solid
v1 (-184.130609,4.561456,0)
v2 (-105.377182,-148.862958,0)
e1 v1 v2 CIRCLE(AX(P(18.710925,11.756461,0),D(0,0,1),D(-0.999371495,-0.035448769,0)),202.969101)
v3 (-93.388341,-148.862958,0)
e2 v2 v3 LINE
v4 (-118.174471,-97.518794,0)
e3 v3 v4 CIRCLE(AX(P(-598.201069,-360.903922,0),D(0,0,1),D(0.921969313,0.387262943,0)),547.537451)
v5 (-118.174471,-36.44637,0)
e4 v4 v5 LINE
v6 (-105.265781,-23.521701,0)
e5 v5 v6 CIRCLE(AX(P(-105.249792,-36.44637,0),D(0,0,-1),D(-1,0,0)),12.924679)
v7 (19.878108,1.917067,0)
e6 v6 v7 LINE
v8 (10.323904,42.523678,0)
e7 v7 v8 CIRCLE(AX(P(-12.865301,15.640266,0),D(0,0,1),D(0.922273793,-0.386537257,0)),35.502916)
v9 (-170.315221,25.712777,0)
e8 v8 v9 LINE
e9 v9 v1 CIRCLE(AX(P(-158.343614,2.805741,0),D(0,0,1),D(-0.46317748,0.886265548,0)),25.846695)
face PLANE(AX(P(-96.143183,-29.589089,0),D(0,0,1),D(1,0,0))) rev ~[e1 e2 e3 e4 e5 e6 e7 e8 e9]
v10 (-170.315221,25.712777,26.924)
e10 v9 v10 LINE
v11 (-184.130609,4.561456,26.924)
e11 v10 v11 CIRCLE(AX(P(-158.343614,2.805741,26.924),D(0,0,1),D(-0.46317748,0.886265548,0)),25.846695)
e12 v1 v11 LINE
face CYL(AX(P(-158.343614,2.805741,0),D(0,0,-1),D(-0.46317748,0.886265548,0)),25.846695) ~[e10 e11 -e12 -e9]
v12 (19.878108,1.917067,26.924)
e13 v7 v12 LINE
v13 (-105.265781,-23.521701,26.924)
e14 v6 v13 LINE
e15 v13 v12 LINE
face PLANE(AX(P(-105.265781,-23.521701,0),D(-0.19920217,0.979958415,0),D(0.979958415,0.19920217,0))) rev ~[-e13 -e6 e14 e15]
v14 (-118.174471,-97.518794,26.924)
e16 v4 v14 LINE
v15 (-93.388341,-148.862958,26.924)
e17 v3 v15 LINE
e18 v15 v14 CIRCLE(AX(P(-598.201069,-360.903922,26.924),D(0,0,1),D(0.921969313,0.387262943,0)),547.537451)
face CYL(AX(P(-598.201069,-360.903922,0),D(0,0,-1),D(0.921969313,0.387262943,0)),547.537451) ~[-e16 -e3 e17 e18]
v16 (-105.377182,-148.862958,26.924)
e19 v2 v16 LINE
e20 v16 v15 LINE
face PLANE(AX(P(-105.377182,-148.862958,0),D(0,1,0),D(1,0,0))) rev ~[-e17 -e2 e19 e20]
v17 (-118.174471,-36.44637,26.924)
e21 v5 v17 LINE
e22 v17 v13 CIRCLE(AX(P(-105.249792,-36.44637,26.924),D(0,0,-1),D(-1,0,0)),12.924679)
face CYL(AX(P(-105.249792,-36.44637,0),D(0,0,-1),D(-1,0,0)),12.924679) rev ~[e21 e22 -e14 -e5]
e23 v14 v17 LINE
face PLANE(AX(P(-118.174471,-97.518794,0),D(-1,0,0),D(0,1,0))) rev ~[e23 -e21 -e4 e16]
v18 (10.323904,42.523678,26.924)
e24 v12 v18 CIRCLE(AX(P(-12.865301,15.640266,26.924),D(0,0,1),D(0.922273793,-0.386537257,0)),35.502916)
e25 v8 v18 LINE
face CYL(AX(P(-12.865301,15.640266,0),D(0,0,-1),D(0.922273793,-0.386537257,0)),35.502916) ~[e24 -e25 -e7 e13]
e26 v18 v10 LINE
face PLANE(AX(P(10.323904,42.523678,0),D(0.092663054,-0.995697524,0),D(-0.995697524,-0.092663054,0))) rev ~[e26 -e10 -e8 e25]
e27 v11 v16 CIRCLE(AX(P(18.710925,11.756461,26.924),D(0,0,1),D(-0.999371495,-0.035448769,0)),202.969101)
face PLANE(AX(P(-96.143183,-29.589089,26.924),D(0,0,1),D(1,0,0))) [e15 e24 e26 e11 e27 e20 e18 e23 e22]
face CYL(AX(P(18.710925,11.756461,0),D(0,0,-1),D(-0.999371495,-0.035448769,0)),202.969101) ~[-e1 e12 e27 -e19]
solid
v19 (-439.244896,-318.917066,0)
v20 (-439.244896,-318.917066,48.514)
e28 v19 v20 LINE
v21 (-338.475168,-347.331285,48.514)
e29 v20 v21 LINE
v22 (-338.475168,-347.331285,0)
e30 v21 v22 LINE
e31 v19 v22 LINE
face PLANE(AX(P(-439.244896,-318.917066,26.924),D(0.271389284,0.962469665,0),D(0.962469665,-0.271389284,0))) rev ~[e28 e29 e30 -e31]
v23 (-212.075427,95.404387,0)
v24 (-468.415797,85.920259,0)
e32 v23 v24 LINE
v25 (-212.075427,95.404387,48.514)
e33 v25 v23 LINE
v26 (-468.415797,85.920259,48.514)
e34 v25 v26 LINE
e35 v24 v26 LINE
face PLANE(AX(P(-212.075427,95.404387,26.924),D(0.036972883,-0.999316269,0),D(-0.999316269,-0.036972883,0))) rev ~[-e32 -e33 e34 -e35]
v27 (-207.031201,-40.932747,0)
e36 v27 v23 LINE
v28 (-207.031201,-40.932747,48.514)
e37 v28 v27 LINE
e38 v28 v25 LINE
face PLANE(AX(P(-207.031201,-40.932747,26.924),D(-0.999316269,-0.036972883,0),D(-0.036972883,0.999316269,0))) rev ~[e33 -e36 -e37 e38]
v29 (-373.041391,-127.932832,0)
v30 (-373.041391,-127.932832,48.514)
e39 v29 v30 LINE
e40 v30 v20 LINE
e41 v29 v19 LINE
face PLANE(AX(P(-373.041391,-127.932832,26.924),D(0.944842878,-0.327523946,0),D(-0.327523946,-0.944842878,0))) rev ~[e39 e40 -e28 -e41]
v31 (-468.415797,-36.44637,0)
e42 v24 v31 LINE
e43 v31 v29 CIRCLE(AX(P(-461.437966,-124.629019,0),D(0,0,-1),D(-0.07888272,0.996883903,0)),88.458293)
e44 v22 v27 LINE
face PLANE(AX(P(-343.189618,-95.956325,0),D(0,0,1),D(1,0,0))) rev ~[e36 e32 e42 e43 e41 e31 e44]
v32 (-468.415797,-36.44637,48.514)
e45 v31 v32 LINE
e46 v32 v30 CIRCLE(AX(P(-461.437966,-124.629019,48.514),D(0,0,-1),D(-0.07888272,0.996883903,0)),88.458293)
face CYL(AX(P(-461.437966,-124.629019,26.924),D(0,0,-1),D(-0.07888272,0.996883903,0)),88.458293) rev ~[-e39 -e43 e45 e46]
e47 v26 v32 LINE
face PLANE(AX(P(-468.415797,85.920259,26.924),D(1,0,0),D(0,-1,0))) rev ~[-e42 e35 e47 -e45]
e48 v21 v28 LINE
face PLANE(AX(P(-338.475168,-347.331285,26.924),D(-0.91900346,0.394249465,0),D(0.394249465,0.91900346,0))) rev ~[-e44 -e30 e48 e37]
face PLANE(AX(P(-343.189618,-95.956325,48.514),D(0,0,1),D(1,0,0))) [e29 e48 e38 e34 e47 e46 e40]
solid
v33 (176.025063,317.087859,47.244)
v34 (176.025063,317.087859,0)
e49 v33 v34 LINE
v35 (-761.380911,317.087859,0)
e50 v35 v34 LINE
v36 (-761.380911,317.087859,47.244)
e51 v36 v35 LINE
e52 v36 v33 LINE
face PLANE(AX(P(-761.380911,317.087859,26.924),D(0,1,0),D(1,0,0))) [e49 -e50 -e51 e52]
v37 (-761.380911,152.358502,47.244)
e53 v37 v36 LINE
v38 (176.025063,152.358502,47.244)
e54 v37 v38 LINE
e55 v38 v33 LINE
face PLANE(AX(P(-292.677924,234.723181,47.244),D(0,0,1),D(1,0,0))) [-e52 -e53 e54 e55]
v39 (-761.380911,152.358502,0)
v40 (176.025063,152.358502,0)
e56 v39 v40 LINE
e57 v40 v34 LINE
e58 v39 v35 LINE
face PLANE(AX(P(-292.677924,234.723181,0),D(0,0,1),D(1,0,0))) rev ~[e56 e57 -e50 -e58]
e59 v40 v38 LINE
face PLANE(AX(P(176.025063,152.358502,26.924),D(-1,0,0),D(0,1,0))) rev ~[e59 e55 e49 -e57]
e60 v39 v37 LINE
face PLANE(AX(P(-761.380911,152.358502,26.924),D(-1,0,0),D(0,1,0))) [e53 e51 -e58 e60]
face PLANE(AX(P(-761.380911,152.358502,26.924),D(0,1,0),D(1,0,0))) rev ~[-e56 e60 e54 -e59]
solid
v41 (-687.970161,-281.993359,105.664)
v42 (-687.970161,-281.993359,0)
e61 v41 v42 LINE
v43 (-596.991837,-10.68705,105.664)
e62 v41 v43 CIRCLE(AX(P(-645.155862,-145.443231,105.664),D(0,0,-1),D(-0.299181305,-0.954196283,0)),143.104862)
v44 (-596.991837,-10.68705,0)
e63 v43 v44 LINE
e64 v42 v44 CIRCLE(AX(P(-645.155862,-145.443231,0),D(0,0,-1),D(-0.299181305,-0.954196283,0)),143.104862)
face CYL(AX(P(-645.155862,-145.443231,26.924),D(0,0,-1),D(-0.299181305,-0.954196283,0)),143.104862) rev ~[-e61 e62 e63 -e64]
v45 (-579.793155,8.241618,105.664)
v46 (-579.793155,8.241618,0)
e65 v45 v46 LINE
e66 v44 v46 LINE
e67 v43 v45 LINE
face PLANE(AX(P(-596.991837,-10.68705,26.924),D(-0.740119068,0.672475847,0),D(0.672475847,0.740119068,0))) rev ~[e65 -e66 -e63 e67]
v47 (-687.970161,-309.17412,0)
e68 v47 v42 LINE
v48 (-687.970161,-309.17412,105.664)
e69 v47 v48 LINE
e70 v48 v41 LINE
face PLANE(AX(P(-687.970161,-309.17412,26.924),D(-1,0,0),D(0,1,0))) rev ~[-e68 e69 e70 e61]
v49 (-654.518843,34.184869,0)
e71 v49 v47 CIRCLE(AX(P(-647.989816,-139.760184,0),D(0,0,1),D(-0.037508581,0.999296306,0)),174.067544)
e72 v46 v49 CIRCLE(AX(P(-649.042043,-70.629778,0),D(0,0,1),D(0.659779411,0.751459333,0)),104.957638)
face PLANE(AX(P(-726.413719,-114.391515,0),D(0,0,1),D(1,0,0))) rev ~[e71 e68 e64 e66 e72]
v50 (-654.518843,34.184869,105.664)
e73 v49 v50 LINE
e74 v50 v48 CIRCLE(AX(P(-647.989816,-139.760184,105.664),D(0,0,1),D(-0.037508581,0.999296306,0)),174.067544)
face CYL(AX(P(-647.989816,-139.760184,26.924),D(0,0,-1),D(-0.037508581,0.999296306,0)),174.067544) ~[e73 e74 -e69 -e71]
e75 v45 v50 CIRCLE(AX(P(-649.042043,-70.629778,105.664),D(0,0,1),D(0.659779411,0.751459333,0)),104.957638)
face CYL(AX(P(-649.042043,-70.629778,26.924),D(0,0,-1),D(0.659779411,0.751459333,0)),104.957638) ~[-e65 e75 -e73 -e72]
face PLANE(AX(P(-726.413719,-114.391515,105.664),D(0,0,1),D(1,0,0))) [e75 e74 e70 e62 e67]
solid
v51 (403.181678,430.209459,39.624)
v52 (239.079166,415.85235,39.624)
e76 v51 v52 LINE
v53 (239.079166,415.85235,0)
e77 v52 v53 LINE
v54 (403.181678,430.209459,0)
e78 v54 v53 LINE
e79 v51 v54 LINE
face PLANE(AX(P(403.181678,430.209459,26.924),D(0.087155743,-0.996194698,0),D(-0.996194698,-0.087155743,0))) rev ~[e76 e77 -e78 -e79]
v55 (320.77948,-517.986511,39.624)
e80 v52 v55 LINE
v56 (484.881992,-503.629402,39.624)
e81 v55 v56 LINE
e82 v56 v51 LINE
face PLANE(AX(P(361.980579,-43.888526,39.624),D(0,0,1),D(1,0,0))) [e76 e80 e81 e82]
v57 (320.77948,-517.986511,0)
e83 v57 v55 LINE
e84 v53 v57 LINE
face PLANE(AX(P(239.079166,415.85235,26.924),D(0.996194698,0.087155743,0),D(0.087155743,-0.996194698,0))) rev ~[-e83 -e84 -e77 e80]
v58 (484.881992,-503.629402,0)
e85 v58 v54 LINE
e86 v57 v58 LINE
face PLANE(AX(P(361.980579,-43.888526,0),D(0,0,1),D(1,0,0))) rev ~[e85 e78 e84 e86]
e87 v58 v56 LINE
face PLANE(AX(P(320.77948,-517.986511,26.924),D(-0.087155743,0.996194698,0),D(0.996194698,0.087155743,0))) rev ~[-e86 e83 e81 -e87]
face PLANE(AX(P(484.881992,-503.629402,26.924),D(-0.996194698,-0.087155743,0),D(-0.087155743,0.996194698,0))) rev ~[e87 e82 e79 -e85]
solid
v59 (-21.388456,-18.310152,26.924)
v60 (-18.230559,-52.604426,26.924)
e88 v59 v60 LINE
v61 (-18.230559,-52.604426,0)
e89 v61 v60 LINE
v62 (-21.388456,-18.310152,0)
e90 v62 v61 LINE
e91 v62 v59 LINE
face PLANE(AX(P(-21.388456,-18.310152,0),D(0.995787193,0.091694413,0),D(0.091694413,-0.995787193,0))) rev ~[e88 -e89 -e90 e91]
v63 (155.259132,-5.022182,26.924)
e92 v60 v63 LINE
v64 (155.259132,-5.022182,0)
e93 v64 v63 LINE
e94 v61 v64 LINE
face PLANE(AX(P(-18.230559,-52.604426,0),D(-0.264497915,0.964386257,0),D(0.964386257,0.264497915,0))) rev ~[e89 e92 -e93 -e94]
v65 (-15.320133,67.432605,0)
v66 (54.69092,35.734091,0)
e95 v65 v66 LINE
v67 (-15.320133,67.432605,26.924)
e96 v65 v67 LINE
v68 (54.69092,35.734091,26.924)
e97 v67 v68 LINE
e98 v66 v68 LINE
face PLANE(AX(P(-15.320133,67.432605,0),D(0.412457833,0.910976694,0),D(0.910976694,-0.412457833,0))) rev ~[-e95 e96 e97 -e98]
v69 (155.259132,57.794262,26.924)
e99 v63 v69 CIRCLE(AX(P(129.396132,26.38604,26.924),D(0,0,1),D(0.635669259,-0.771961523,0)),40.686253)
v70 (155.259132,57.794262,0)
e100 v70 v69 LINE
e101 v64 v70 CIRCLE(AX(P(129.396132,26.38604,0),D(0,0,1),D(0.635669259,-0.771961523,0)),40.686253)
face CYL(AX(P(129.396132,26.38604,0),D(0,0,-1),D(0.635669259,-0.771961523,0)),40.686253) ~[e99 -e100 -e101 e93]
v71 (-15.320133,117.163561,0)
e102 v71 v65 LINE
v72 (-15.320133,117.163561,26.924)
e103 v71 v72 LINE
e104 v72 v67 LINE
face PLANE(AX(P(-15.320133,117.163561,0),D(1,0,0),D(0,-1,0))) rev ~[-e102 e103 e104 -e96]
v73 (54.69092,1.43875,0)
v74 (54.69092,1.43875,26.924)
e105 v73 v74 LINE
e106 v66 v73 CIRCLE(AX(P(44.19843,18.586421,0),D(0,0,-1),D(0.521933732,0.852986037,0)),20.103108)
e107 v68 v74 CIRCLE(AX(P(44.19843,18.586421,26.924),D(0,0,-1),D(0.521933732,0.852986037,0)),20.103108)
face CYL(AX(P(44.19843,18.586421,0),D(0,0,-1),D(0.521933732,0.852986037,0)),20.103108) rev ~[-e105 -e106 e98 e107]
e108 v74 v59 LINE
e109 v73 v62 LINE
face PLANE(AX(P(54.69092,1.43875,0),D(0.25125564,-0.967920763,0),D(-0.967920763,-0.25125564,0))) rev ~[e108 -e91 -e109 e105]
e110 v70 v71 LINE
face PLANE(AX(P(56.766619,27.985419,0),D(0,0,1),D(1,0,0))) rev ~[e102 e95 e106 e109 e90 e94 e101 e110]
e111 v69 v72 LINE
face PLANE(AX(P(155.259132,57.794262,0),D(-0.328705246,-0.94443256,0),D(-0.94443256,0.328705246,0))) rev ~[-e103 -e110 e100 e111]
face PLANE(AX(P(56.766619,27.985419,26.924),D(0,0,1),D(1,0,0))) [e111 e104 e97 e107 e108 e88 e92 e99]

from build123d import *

# Parameters (mm, degrees)
F1_DEPTH = 26.924
F0_W     = 937.4059736729
F0_H     = 164.7293567657
F2_DEPTH = 21.59
F3_DEPTH = 12.7
F4_DEPTH = 20.32
F5_DEPTH = 78.74


with BuildPart() as f1:
    # F0 (on Top) → F1 (new body)
    with BuildSketch(Plane.XY):
        with BuildLine():
            ThreePointArc((-170.315220952, 25.7127769291), (-179.9832211949, 16.9400629821), (-184.1306090355, 4.5614559203))
            ThreePointArc((-184.1306090355, 4.5614559203), (-161.8590345594, -80.9308940519), (-105.3771823645, -148.8629579544))
            Line((-105.3771823645, -148.8629579544), (-93.3883413672, -148.8629579544))
            ThreePointArc((-93.3883413672, -148.8629579544), (-105.1126589408, -122.8680418317), (-118.1744709611, -97.5187942386))
            Line((-118.1744709611, -97.5187942386), (-118.1744709611, -36.4463701844))
            ThreePointArc((-118.1744709611, -36.4463701844), (-114.3945714706, -27.3128967764), (-105.2657812834, -23.521700874))
            Line((-105.2657812834, -23.521700874), (19.8781080544, 1.9170666346))
            ThreePointArc((19.8781080544, 1.9170666346), (21.6939024895, 23.7715948588), (10.3239035234, 42.5236783922))
            Line((10.3239035234, 42.5236783922), (-170.315220952, 25.7127769291))
        make_face()
    extrude(amount=F1_DEPTH)


with BuildPart() as f1b:
    # F0 (on Top) → F1, piece 2 (new body)
    with BuildSketch(Plane.XY):
        with BuildLine():
            Line((54.6909198165, 1.4387500705), (-21.3884562254, -18.3101519942))
            Line((-21.3884562254, -18.3101519942), (-18.2305593044, -52.6044256985))
            Line((-18.2305593044, -52.6044256985), (155.2591323853, -5.0221821293))
            ThreePointArc((155.2591323853, -5.0221821293), (170.0823851438, 26.3860397972), (155.2591323853, 57.7942617238))
            Line((155.2591323853, 57.7942617238), (-15.3201334178, 117.1635612845))
            Line((-15.3201334178, 117.1635612845), (-15.3201334178, 67.4326047301))
            Line((-15.3201334178, 67.4326047301), (54.6909198165, 35.7340909541))
            ThreePointArc((54.6909198165, 35.7340909541), (64.3015376423, 18.5864205123), (54.6909198165, 1.4387500705))
        make_face()
    extrude(amount=F1_DEPTH)


with BuildPart() as f1c:
    # F0 (on Top) → F1, piece 3 (new body)
    with BuildSketch(Plane.XY):
        with BuildLine():
            Line((-212.0754271746, 95.4043865204), (-468.4157967567, 85.9202593565))
            Line((-468.4157967567, 85.9202593565), (-468.4157967567, -36.4463701844))
            ThreePointArc((-468.4157967567, -36.4463701844), (-400.203203644, -60.7919331571), (-373.0413913727, -127.932831645))
            Line((-373.0413913727, -127.932831645), (-439.2448961735, -318.9170658588))
            Line((-439.2448961735, -318.9170658588), (-338.4751677513, -347.3312854767))
            Line((-338.4751677513, -347.3312854767), (-207.0312013677, -40.9327465904))
            Line((-207.0312013677, -40.9327465904), (-212.0754271746, 95.4043865204))
        make_face()
    extrude(amount=F1_DEPTH)

    # F2 (add): a face of the model
    f2_faces = [f1c.faces().sort_by_distance(p)[0] for p in [
        (-334.4542922545, -81.4370154197, 26.924),
    ]]
    extrude(f2_faces, amount=F2_DEPTH)


with BuildPart() as f1d:
    # F0 (on Top) → F1, piece 4 (new body)
    with BuildSketch(Plane.XY):
        with Locations((-292.677924037, 234.7231805325)):
            Rectangle(F0_W, F0_H)
    extrude(amount=F1_DEPTH)

    # F4 (add): a face of the model
    f4_faces = [f1d.faces().sort_by_distance(p)[0] for p in [
        (-292.677924037, 234.7231805325, 26.924),
    ]]
    extrude(f4_faces, amount=F4_DEPTH)


with BuildPart() as f1e:
    # F0 (on Top) → F1, piece 5 (new body)
    with BuildSketch(Plane.XY):
        Polygon((239.0791658335, 415.8523497636), (320.779479725, -517.9865111688), (484.8819915551, -503.6294017275), (403.1816776636, 430.2094592049), align=None)
    extrude(amount=F1_DEPTH)

    # F3 (add): a face of the model
    f3_faces = [f1e.faces().sort_by_distance(p)[0] for p in [
        (361.9805786943, -43.888525982, 26.924),
    ]]
    extrude(f3_faces, amount=F3_DEPTH)


with BuildPart() as f1f:
    # F0 (on Top) → F1, piece 6 (new body)
    with BuildSketch(Plane.XY):
        with BuildLine():
            ThreePointArc((-579.7931551933, 8.2416180521), (-614.6184627779, 28.5222402742), (-654.5188426971, 34.1848693788))
            ThreePointArc((-654.5188426971, 34.1848693788), (-821.2371231837, -122.8817826196), (-687.970161438, -309.1741204262))
            Line((-687.970161438, -309.1741204262), (-687.970161438, -281.9933593273))
            ThreePointArc((-687.970161438, -281.9933593273), (-780.8353859156, -99.9452267127), (-596.9918370247, -10.6870504096))
            Line((-596.9918370247, -10.6870504096), (-579.7931551933, 8.2416180521))
        make_face()
    extrude(amount=F1_DEPTH)

    # F5 (add): a face of the model
    f5_faces = [f1f.faces().sort_by_distance(p)[0] for p in [
        (-615.9970762529, 24.5513486374, 26.924),
    ]]
    extrude(f5_faces, amount=F5_DEPTH)


solid = Compound([f1.part, f1b.part, f1c.part, f1d.part, f1e.part, f1f.part])
